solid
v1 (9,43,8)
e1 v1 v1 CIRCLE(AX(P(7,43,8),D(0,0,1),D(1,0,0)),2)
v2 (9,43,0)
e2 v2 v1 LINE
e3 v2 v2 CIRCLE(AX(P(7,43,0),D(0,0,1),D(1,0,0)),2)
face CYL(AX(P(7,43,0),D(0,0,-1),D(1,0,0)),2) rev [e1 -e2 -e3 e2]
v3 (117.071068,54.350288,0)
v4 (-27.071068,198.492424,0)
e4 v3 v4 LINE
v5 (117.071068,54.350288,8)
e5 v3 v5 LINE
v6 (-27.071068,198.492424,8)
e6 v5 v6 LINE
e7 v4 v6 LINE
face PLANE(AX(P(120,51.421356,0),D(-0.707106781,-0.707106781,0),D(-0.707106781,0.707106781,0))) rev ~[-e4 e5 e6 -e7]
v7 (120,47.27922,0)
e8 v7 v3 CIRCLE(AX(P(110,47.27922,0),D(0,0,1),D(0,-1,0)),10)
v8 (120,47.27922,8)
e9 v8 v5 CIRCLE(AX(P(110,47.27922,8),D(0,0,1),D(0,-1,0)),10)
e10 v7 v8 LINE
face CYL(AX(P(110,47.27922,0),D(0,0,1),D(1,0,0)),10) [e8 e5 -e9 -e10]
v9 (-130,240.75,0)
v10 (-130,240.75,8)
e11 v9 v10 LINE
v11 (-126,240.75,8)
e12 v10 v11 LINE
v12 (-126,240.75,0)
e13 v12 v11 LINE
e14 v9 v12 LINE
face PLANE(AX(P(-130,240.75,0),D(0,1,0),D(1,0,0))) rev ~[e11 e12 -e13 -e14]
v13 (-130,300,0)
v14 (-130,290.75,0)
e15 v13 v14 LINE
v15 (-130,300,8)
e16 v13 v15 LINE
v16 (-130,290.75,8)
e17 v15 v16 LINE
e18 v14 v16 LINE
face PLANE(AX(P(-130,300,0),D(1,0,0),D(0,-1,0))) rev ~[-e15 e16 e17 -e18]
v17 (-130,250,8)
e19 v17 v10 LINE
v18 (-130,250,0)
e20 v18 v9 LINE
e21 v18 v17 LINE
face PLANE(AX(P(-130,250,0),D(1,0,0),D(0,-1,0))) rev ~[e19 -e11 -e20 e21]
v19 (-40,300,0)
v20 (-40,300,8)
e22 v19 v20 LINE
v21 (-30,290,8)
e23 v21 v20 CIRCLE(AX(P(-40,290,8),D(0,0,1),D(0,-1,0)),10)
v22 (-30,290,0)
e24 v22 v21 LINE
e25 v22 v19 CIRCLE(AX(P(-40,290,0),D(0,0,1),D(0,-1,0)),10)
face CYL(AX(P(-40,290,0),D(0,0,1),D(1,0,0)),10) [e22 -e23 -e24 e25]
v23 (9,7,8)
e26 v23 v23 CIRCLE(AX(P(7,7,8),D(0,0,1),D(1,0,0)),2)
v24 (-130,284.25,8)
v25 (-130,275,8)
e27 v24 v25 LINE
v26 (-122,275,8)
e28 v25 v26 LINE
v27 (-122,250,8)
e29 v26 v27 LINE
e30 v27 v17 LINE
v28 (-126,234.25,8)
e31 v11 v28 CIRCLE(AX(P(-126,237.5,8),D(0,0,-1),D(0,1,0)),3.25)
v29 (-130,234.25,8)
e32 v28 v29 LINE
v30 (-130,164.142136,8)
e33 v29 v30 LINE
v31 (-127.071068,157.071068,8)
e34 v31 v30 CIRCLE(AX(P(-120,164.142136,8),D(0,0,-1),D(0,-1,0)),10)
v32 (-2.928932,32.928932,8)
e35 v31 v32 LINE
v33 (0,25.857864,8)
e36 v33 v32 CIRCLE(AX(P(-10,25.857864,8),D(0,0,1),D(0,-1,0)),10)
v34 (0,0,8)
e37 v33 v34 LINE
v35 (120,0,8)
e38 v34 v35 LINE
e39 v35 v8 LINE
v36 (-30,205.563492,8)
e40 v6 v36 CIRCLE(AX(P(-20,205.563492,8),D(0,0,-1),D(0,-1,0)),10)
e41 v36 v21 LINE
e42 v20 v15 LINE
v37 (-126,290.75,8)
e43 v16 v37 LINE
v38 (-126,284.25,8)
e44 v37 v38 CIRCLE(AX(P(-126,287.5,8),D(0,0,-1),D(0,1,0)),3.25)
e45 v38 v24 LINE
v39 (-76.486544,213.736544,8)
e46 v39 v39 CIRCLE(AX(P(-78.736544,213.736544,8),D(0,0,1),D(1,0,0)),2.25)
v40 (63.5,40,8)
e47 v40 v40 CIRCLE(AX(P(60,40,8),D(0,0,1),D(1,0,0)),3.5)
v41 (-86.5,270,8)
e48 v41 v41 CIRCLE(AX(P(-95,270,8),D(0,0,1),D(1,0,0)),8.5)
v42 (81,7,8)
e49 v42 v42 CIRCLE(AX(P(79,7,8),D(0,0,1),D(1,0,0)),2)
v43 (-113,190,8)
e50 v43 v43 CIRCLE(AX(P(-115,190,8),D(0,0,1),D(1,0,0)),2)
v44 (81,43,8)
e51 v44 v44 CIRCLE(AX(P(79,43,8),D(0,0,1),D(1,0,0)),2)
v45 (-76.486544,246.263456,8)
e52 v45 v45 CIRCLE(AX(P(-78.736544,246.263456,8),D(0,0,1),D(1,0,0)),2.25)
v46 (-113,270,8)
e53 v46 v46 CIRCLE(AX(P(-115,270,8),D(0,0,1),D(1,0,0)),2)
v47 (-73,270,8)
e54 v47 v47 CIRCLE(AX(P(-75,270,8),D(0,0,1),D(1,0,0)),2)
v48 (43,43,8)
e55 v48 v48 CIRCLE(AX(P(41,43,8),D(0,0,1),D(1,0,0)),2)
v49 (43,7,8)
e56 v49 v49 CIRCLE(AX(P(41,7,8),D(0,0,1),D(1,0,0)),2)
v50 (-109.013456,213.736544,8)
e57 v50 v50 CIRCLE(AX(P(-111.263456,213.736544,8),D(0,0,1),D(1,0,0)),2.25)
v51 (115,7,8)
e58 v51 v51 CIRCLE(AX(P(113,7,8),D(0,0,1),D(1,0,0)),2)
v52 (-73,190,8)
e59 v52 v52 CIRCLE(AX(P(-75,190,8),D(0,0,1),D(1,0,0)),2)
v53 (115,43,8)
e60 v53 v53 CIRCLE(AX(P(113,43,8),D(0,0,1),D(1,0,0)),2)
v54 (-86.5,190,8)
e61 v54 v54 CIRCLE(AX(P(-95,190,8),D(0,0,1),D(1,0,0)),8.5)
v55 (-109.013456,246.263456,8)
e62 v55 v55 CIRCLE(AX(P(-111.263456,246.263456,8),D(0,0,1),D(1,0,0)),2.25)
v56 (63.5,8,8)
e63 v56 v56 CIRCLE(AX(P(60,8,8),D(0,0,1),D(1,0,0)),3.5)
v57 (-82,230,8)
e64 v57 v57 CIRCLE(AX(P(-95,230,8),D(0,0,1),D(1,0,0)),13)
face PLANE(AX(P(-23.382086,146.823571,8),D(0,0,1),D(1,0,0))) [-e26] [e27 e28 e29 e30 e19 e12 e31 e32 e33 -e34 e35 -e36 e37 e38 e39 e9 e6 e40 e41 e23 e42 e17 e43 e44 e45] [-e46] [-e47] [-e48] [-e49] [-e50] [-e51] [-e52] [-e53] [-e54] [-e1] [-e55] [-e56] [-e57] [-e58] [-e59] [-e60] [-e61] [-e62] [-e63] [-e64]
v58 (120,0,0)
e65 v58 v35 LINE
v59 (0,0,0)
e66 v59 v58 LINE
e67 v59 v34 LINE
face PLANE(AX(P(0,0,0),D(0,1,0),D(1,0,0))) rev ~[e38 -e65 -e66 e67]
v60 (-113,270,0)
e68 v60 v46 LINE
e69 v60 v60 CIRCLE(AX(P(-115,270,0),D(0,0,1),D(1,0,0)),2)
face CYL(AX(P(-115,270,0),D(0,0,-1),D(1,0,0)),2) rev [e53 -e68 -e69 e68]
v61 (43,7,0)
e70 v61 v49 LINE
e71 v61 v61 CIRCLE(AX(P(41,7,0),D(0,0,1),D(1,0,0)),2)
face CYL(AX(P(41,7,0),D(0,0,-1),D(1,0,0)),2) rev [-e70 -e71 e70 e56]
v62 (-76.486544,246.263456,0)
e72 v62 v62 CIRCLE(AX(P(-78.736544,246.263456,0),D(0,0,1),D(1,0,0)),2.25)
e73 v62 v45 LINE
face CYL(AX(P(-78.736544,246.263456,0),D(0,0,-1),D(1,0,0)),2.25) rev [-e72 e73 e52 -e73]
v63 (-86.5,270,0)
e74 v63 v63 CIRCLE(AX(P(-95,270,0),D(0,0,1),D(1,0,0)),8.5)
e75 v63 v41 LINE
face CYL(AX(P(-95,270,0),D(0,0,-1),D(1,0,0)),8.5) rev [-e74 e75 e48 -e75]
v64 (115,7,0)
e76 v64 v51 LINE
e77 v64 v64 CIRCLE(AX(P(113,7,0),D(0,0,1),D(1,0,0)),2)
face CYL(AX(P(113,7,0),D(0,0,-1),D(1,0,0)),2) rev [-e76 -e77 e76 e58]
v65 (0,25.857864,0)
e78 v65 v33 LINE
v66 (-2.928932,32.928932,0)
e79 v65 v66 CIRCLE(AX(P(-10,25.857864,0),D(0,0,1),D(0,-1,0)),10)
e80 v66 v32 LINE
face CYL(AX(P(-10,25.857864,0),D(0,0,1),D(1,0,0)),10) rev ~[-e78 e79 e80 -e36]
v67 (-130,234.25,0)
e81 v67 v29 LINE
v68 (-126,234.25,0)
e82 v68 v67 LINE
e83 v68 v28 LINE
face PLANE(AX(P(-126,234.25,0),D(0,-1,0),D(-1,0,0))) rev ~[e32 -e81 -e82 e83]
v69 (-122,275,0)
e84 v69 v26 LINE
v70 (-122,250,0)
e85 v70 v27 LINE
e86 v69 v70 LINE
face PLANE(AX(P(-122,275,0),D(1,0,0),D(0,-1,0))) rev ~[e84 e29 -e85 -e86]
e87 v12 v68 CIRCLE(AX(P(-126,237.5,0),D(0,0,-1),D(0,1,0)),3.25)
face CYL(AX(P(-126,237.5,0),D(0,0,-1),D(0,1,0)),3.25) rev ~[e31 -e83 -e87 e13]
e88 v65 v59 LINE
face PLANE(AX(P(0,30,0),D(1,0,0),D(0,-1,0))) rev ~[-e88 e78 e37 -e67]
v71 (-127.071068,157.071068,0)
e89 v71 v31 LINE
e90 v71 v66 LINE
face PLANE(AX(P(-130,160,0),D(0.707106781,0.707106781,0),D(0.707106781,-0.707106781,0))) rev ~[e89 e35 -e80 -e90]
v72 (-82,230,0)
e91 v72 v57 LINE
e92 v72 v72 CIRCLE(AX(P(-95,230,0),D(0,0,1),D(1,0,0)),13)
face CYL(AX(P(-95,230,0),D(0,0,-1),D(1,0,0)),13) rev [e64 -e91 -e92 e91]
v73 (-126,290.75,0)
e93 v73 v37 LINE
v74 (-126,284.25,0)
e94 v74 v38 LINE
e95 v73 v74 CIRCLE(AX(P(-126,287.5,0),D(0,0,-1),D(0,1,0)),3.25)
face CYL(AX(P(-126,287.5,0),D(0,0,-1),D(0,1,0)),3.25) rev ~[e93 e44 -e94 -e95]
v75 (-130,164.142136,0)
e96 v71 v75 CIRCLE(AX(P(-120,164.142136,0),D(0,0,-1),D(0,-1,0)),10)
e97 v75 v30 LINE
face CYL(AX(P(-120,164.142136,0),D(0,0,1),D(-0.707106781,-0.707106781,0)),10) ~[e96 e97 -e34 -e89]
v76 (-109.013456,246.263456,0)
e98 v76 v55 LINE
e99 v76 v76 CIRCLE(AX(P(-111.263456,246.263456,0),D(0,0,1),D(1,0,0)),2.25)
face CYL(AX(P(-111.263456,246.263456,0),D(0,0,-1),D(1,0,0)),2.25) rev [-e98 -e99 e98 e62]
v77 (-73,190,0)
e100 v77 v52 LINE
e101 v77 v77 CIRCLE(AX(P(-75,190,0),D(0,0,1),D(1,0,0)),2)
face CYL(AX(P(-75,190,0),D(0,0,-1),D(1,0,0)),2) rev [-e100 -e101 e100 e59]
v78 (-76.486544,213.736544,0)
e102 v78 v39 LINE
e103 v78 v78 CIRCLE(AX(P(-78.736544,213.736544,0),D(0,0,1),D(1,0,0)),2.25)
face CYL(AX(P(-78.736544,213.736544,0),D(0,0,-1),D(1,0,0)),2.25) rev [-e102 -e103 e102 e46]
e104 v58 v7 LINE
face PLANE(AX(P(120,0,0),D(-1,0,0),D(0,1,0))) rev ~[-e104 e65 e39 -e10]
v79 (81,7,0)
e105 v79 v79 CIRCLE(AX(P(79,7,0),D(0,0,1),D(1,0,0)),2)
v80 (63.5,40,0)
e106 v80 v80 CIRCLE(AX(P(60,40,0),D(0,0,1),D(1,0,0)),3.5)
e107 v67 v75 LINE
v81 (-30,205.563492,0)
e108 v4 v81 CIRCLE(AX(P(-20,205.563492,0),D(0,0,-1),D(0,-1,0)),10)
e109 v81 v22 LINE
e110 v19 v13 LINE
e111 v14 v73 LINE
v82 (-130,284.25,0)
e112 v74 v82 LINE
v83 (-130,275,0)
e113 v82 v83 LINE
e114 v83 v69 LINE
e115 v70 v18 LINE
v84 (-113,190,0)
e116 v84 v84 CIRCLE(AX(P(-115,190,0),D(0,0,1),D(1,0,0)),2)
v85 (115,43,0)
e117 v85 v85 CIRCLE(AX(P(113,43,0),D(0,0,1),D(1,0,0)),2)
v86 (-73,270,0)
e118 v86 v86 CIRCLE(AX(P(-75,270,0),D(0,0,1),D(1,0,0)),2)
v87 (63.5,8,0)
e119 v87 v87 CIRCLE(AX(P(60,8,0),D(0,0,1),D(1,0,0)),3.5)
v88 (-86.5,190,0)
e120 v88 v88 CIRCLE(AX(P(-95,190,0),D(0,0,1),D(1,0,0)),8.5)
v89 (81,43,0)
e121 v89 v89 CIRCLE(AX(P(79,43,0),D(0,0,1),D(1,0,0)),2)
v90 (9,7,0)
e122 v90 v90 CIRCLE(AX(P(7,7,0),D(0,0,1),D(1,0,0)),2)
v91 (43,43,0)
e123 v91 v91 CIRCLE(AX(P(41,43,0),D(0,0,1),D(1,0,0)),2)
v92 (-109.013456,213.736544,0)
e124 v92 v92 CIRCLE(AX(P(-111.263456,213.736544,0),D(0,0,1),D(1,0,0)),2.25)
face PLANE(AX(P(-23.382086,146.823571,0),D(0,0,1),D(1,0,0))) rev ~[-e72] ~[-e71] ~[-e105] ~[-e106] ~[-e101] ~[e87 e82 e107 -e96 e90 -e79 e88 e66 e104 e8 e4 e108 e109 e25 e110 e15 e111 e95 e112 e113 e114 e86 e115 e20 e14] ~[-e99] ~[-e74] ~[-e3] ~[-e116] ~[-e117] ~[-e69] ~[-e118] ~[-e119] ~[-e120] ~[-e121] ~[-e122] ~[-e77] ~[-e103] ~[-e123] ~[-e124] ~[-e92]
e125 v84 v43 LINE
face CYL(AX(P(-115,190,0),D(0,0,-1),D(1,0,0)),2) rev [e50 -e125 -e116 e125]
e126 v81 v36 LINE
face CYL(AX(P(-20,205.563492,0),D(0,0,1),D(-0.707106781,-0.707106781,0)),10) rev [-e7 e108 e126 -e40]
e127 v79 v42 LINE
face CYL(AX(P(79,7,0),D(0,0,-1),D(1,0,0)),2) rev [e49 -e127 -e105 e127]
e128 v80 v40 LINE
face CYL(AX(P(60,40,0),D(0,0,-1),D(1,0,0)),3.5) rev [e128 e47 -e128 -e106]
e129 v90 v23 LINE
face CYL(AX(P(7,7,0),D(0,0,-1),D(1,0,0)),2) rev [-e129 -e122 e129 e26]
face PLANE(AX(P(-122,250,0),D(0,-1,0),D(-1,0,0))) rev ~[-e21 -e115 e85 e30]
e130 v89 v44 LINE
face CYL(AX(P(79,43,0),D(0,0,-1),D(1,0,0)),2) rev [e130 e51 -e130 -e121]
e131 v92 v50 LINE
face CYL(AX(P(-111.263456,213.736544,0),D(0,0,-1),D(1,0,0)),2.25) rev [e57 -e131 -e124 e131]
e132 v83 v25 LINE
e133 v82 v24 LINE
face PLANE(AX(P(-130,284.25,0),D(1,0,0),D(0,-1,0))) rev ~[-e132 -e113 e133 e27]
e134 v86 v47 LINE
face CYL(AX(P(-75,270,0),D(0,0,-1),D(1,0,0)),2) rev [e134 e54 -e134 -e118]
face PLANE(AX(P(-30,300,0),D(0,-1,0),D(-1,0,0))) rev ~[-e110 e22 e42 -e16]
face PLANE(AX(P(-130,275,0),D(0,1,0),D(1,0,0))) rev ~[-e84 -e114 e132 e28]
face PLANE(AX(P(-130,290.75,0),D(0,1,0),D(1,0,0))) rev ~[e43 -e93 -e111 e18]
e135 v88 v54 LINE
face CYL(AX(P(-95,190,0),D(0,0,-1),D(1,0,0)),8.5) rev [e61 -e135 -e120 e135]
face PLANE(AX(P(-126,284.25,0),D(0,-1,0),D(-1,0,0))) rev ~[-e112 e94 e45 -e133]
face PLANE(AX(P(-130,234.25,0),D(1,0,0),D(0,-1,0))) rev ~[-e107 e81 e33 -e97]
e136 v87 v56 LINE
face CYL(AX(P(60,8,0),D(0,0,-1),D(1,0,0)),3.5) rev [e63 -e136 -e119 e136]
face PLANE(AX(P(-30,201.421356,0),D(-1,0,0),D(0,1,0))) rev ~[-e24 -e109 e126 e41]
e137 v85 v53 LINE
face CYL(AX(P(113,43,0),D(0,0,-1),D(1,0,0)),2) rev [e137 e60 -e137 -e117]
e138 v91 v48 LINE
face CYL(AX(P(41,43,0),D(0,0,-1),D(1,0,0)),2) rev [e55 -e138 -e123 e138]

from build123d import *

# Parameters (mm, degrees)
F0_R     = 2
F0_R_2   = 3.5
F0_R_3   = 2.25
F0_R_4   = 8.5
F0_R_5   = 13
F1_DEPTH = 8
F2_R     = 10


with BuildPart() as f1:
    # F0 (on Top) → F1 (new body)
    with BuildSketch(Plane.XY):
        with BuildLine():
            Line((0, 30), (0, 0))
            Line((0, 0), (120, 0))
            Line((120, 0), (120, 51.421356))
            Line((120, 51.421356), (-30, 201.421356))
            Line((-30, 201.421356), (-30, 300))
            Line((-30, 300), (-130, 300))
            Line((-130, 300), (-130, 290.75))
            Line((-130, 290.75), (-126, 290.75))
            ThreePointArc((-126, 290.75), (-122.75, 287.5), (-126, 284.25))
            Line((-126, 284.25), (-130, 284.25))
            Line((-130, 284.25), (-130, 275))
            Line((-130, 275), (-122, 275))
            Line((-122, 275), (-122, 250))
            Line((-122, 250), (-130, 250))
            Line((-130, 250), (-130, 240.75))
            Line((-130, 240.75), (-126, 240.75))
            ThreePointArc((-126, 240.75), (-122.75, 237.5), (-126, 234.25))
            Line((-126, 234.25), (-130, 234.25))
            Line((-130, 234.25), (-130, 160))
            Line((-130, 160), (0, 30))
        make_face()
        with Locations((7, 7)):
            Circle(F0_R, mode=Mode.SUBTRACT)
        with Locations((41, 7)):
            Circle(F0_R, mode=Mode.SUBTRACT)
        with Locations((7, 43)):
            Circle(F0_R, mode=Mode.SUBTRACT)
        with Locations((41, 43)):
            Circle(F0_R, mode=Mode.SUBTRACT)
        with Locations((60, 8)):
            Circle(F0_R_2, mode=Mode.SUBTRACT)
        with Locations((79, 7)):
            Circle(F0_R, mode=Mode.SUBTRACT)
        with Locations((113, 7)):
            Circle(F0_R, mode=Mode.SUBTRACT)
        with Locations((60, 40)):
            Circle(F0_R_2, mode=Mode.SUBTRACT)
        with Locations((79, 43)):
            Circle(F0_R, mode=Mode.SUBTRACT)
        with Locations((113, 43)):
            Circle(F0_R, mode=Mode.SUBTRACT)
        with Locations((-115, 190)):
            Circle(F0_R, mode=Mode.SUBTRACT)
        with Locations((-111.263456, 213.736544)):
            Circle(F0_R_3, mode=Mode.SUBTRACT)
        with Locations((-95, 190)):
            Circle(F0_R_4, mode=Mode.SUBTRACT)
        with Locations((-75, 190)):
            Circle(F0_R, mode=Mode.SUBTRACT)
        with Locations((-78.736544, 213.736544)):
            Circle(F0_R_3, mode=Mode.SUBTRACT)
        with Locations((-111.263456, 246.263456)):
            Circle(F0_R_3, mode=Mode.SUBTRACT)
        with Locations((-95, 230)):
            Circle(F0_R_5, mode=Mode.SUBTRACT)
        with Locations((-78.736544, 246.263456)):
            Circle(F0_R_3, mode=Mode.SUBTRACT)
        with Locations((-115, 270)):
            Circle(F0_R, mode=Mode.SUBTRACT)
        with Locations((-95, 270)):
            Circle(F0_R_4, mode=Mode.SUBTRACT)
        with Locations((-75, 270)):
            Circle(F0_R, mode=Mode.SUBTRACT)
    extrude(amount=F1_DEPTH)

    # F2
    f2_edges = [f1.edges().sort_by_distance(p)[0] for p in [
        (-30, 300, 4),
        (-30, 201.421356, 4),
        (-130, 160, 4),
        (0, 30, 4),
        (120, 51.421356, 4),
    ]]
    fillet(f2_edges, radius=F2_R)


solid = f1.part
